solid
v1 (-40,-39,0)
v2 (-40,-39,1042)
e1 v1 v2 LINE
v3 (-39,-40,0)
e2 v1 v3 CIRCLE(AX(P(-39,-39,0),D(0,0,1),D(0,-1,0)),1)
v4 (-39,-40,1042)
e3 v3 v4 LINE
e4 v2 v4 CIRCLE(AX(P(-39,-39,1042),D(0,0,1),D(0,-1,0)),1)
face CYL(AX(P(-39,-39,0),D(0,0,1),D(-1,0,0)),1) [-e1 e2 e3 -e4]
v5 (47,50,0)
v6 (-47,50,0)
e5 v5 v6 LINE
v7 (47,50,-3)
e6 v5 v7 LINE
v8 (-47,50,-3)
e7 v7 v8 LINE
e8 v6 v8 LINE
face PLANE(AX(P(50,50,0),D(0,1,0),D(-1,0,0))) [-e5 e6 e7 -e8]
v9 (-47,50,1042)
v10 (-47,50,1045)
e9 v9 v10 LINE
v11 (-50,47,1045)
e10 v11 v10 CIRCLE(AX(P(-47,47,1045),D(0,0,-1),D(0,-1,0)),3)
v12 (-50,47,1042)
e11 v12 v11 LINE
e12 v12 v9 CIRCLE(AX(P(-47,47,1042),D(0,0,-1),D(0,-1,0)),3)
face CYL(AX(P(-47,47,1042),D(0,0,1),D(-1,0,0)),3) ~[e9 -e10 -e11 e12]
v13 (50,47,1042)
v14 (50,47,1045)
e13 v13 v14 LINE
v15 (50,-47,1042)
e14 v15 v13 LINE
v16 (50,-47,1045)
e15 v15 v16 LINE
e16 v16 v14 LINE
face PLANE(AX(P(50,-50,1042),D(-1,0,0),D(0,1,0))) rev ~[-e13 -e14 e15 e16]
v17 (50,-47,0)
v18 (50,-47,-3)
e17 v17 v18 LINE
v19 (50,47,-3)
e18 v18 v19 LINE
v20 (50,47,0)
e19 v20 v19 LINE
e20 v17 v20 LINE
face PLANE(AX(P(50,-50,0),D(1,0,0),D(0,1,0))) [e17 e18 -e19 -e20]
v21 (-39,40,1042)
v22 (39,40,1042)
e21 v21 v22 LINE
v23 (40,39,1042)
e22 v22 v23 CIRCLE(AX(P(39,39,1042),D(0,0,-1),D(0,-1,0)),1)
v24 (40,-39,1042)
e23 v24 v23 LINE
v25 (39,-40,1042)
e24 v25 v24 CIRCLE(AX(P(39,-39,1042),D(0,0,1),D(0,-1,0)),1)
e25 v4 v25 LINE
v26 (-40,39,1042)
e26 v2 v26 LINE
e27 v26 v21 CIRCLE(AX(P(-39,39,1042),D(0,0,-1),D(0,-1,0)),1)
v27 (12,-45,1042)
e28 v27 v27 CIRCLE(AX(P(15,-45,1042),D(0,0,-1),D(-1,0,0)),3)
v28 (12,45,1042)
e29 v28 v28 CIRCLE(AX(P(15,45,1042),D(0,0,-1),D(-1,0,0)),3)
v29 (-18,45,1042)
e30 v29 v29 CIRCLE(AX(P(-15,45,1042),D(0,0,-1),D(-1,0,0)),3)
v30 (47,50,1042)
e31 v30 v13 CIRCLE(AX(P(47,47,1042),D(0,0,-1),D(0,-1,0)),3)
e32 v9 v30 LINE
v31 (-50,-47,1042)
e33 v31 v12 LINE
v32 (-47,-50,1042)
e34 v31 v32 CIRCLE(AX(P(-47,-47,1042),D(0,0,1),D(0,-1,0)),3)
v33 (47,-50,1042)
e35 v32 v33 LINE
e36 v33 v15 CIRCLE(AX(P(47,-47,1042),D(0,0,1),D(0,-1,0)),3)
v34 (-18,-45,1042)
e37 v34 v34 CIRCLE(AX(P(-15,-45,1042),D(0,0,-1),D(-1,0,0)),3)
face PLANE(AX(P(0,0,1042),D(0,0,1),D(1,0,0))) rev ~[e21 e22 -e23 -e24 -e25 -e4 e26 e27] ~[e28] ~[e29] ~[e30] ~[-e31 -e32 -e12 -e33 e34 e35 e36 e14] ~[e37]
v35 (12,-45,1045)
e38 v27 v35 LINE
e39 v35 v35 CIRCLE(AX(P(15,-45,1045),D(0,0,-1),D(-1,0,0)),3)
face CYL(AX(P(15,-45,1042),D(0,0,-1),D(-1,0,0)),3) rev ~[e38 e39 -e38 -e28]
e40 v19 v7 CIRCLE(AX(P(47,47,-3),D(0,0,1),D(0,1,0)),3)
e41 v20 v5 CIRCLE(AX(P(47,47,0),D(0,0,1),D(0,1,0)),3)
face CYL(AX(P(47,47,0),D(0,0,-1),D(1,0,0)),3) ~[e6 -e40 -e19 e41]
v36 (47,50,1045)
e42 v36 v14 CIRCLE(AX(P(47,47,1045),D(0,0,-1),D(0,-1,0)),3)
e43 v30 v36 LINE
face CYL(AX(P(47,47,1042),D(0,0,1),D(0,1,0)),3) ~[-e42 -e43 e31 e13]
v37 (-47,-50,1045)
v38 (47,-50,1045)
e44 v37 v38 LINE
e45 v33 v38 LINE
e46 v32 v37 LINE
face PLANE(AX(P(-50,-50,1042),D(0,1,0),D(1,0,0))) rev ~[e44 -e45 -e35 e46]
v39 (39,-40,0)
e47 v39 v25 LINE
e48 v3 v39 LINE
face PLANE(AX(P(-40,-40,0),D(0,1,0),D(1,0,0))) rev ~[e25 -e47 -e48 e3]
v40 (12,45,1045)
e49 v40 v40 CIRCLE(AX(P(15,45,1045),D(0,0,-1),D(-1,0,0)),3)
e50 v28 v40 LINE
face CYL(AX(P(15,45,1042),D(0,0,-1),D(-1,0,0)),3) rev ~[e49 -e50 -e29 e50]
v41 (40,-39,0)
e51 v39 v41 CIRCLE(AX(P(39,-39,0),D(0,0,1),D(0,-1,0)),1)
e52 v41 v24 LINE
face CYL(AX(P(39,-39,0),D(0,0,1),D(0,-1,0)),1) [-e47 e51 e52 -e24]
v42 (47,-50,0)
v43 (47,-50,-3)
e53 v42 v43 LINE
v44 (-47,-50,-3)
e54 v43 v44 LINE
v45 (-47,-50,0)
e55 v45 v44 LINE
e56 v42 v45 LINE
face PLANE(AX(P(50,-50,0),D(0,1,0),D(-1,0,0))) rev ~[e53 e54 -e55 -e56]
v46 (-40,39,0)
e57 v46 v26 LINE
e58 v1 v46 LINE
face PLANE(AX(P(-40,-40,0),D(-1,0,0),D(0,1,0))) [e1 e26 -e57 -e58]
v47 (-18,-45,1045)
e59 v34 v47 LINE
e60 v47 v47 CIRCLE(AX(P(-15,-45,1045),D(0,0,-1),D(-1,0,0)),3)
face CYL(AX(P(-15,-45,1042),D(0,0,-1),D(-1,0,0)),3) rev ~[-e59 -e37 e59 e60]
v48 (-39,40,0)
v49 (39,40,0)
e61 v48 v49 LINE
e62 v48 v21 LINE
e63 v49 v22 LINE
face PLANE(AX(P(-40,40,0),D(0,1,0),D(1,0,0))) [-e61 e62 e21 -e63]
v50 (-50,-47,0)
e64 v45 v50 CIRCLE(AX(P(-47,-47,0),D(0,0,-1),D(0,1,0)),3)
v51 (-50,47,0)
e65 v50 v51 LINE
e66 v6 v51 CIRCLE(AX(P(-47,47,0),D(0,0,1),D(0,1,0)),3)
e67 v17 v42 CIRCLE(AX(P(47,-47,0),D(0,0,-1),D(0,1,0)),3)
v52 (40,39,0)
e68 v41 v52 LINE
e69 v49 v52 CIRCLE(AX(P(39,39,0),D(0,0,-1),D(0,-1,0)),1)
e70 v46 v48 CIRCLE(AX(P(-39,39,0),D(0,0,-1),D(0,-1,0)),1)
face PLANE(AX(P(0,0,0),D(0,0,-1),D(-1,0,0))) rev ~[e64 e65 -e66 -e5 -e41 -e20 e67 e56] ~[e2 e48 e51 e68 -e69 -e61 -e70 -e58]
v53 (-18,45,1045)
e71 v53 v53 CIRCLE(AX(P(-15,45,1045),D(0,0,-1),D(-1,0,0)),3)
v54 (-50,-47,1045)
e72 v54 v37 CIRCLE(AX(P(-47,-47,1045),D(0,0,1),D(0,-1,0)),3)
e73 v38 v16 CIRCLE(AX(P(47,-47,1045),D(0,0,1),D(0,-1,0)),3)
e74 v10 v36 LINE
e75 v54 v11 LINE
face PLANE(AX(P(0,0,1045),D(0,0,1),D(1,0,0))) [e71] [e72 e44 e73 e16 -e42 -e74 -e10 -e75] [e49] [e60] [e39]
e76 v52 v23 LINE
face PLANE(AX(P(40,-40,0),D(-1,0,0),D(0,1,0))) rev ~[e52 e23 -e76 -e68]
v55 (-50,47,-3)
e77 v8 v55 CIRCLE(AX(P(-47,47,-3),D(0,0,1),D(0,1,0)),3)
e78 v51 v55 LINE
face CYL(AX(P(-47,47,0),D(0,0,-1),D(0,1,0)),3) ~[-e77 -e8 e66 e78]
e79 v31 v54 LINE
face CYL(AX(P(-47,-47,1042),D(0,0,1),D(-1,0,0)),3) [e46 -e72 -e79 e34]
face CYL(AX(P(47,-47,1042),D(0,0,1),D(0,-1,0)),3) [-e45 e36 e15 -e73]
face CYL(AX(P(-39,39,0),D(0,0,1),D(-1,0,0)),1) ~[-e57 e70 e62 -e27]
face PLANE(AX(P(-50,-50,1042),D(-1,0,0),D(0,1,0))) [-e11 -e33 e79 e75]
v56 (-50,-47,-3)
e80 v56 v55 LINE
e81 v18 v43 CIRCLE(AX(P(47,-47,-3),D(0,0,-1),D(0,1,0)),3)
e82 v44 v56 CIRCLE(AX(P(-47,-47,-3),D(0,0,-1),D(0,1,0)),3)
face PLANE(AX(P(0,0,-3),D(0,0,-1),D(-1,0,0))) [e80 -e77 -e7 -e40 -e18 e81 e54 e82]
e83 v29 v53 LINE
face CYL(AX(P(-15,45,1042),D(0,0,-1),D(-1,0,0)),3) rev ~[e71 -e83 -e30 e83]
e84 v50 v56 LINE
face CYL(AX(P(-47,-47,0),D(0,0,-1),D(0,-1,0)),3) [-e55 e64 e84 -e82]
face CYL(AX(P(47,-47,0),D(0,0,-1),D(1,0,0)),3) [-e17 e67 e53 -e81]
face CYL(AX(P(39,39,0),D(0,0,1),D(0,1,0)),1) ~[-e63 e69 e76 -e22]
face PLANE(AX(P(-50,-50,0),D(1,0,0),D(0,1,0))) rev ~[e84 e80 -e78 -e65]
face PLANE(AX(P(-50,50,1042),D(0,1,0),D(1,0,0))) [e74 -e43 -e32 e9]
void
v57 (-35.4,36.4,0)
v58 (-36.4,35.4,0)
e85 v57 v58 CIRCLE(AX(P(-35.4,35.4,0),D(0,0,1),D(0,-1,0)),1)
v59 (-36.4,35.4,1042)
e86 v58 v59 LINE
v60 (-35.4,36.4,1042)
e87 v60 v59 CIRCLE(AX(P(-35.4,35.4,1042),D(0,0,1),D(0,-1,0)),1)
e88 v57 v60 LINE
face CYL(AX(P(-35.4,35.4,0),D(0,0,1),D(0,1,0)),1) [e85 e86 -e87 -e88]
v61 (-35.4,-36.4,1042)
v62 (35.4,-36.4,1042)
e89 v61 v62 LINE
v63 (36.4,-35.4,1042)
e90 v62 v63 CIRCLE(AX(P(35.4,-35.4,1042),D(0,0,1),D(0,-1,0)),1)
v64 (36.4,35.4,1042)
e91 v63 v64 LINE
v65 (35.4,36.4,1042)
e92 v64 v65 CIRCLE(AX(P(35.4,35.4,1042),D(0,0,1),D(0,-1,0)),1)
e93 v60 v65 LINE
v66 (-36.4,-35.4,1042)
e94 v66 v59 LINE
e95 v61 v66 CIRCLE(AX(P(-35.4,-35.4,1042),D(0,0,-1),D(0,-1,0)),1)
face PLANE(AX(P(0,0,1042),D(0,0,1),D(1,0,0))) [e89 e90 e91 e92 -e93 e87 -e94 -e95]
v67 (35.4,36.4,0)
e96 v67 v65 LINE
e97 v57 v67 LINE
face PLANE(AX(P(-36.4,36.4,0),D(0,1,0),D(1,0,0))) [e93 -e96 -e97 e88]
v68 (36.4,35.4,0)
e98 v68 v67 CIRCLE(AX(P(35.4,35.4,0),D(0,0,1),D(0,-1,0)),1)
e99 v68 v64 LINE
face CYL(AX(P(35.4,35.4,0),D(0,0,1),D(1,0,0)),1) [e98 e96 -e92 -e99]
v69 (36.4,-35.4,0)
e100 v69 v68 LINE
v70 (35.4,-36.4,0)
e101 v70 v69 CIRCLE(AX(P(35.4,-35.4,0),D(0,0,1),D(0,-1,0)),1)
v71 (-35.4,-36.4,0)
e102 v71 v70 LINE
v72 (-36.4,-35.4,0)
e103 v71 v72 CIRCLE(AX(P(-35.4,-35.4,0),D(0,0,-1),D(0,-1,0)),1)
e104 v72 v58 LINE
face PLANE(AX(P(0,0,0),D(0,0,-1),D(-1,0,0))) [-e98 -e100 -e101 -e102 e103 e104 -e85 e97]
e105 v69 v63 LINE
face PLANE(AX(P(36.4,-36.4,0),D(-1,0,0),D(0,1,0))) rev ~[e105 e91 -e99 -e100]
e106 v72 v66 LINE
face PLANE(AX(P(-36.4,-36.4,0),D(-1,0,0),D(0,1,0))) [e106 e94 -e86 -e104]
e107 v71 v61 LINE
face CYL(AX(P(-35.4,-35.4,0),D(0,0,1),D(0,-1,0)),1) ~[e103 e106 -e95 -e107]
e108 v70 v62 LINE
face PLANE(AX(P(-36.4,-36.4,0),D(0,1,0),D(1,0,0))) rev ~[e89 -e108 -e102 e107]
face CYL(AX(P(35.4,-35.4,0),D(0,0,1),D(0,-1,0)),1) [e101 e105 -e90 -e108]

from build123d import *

# Parameters (mm, degrees)
SKETCH2_W           = 80
SKETCH2_H           = 80
SKETCH2_W_2         = 72.8
SKETCH2_H_2         = 72.8
BOSS_EXTRUDE1_DEPTH = 1042
FILLET1_R           = 1
FILLET2_R           = 1
SKETCH3_W           = 100
SKETCH3_H           = 100
BOSS_EXTRUDE2_DEPTH = 3
FILLET3_R           = 3
SKETCH5_R           = 3
CUT_EXTRUDE1_DEPTH  = 3
SKETCH6_W           = 100
SKETCH6_H           = 100
BOSS_EXTRUDE3_DEPTH = 3
FILLET4_R           = 3


with BuildPart() as part:
    # Sketch2 → Boss-Extrude1 (new body)
    with BuildSketch(Plane.XY):
        Rectangle(SKETCH2_W, SKETCH2_H)
        Rectangle(SKETCH2_W_2, SKETCH2_H_2, mode=Mode.SUBTRACT)
    extrude(amount=BOSS_EXTRUDE1_DEPTH)

    # Fillet1
    fillet1_edges = [part.edges().sort_by_distance(p)[0] for p in [
        (40, -40, 521),
        (-40, -40, 521),
        (-40, 40, 521),
        (40, 40, 521),
    ]]
    fillet(fillet1_edges, radius=FILLET1_R)

    # Fillet2
    fillet2_edges = [part.edges().sort_by_distance(p)[0] for p in [
        (-36.4, 36.4, 521),
        (-36.4, -36.4, 521),
        (36.4, -36.4, 521),
        (36.4, 36.4, 521),
    ]]
    fillet(fillet2_edges, radius=FILLET2_R)

    # Sketch3 → Boss-Extrude2 (add)
    with BuildSketch(Plane.XY.offset(1042)):
        Rectangle(SKETCH3_W, SKETCH3_H)
    extrude(amount=BOSS_EXTRUDE2_DEPTH)

    # Fillet3
    fillet3_edges = [part.edges().sort_by_distance(p)[0] for p in [
        (50, -50, 1043.5),
        (50, 50, 1043.5),
        (-50, 50, 1043.5),
        (-50, -50, 1043.5),
    ]]
    fillet(fillet3_edges, radius=FILLET3_R)

    # Sketch5 → Cut-Extrude1 (cut)
    with BuildSketch(Plane(origin=(0, 0, 1042), x_dir=(-1, 0, 0), z_dir=(0, 0, -1))):
        with Locations((15, -45)):
            Circle(SKETCH5_R)
        with Locations((-15, -45)):
            Circle(SKETCH5_R)
        with Locations((15, 45)):
            Circle(SKETCH5_R)
        with Locations((-15, 45)):
            Circle(SKETCH5_R)
    extrude(amount=-CUT_EXTRUDE1_DEPTH, mode=Mode.SUBTRACT)

    # Sketch6 → Boss-Extrude3 (add)
    with BuildSketch(Plane(origin=(0, 0, 0), x_dir=(-1, 0, 0), z_dir=(0, 0, -1))):
        Rectangle(SKETCH6_W, SKETCH6_H)
    extrude(amount=BOSS_EXTRUDE3_DEPTH)

    # Fillet4
    fillet4_edges = [part.edges().sort_by_distance(p)[0] for p in [
        (-50, -50, -1.5),
        (-50, 50, -1.5),
        (50, 50, -1.5),
        (50, -50, -1.5),
    ]]
    fillet(fillet4_edges, radius=FILLET4_R)


solid = part.part
